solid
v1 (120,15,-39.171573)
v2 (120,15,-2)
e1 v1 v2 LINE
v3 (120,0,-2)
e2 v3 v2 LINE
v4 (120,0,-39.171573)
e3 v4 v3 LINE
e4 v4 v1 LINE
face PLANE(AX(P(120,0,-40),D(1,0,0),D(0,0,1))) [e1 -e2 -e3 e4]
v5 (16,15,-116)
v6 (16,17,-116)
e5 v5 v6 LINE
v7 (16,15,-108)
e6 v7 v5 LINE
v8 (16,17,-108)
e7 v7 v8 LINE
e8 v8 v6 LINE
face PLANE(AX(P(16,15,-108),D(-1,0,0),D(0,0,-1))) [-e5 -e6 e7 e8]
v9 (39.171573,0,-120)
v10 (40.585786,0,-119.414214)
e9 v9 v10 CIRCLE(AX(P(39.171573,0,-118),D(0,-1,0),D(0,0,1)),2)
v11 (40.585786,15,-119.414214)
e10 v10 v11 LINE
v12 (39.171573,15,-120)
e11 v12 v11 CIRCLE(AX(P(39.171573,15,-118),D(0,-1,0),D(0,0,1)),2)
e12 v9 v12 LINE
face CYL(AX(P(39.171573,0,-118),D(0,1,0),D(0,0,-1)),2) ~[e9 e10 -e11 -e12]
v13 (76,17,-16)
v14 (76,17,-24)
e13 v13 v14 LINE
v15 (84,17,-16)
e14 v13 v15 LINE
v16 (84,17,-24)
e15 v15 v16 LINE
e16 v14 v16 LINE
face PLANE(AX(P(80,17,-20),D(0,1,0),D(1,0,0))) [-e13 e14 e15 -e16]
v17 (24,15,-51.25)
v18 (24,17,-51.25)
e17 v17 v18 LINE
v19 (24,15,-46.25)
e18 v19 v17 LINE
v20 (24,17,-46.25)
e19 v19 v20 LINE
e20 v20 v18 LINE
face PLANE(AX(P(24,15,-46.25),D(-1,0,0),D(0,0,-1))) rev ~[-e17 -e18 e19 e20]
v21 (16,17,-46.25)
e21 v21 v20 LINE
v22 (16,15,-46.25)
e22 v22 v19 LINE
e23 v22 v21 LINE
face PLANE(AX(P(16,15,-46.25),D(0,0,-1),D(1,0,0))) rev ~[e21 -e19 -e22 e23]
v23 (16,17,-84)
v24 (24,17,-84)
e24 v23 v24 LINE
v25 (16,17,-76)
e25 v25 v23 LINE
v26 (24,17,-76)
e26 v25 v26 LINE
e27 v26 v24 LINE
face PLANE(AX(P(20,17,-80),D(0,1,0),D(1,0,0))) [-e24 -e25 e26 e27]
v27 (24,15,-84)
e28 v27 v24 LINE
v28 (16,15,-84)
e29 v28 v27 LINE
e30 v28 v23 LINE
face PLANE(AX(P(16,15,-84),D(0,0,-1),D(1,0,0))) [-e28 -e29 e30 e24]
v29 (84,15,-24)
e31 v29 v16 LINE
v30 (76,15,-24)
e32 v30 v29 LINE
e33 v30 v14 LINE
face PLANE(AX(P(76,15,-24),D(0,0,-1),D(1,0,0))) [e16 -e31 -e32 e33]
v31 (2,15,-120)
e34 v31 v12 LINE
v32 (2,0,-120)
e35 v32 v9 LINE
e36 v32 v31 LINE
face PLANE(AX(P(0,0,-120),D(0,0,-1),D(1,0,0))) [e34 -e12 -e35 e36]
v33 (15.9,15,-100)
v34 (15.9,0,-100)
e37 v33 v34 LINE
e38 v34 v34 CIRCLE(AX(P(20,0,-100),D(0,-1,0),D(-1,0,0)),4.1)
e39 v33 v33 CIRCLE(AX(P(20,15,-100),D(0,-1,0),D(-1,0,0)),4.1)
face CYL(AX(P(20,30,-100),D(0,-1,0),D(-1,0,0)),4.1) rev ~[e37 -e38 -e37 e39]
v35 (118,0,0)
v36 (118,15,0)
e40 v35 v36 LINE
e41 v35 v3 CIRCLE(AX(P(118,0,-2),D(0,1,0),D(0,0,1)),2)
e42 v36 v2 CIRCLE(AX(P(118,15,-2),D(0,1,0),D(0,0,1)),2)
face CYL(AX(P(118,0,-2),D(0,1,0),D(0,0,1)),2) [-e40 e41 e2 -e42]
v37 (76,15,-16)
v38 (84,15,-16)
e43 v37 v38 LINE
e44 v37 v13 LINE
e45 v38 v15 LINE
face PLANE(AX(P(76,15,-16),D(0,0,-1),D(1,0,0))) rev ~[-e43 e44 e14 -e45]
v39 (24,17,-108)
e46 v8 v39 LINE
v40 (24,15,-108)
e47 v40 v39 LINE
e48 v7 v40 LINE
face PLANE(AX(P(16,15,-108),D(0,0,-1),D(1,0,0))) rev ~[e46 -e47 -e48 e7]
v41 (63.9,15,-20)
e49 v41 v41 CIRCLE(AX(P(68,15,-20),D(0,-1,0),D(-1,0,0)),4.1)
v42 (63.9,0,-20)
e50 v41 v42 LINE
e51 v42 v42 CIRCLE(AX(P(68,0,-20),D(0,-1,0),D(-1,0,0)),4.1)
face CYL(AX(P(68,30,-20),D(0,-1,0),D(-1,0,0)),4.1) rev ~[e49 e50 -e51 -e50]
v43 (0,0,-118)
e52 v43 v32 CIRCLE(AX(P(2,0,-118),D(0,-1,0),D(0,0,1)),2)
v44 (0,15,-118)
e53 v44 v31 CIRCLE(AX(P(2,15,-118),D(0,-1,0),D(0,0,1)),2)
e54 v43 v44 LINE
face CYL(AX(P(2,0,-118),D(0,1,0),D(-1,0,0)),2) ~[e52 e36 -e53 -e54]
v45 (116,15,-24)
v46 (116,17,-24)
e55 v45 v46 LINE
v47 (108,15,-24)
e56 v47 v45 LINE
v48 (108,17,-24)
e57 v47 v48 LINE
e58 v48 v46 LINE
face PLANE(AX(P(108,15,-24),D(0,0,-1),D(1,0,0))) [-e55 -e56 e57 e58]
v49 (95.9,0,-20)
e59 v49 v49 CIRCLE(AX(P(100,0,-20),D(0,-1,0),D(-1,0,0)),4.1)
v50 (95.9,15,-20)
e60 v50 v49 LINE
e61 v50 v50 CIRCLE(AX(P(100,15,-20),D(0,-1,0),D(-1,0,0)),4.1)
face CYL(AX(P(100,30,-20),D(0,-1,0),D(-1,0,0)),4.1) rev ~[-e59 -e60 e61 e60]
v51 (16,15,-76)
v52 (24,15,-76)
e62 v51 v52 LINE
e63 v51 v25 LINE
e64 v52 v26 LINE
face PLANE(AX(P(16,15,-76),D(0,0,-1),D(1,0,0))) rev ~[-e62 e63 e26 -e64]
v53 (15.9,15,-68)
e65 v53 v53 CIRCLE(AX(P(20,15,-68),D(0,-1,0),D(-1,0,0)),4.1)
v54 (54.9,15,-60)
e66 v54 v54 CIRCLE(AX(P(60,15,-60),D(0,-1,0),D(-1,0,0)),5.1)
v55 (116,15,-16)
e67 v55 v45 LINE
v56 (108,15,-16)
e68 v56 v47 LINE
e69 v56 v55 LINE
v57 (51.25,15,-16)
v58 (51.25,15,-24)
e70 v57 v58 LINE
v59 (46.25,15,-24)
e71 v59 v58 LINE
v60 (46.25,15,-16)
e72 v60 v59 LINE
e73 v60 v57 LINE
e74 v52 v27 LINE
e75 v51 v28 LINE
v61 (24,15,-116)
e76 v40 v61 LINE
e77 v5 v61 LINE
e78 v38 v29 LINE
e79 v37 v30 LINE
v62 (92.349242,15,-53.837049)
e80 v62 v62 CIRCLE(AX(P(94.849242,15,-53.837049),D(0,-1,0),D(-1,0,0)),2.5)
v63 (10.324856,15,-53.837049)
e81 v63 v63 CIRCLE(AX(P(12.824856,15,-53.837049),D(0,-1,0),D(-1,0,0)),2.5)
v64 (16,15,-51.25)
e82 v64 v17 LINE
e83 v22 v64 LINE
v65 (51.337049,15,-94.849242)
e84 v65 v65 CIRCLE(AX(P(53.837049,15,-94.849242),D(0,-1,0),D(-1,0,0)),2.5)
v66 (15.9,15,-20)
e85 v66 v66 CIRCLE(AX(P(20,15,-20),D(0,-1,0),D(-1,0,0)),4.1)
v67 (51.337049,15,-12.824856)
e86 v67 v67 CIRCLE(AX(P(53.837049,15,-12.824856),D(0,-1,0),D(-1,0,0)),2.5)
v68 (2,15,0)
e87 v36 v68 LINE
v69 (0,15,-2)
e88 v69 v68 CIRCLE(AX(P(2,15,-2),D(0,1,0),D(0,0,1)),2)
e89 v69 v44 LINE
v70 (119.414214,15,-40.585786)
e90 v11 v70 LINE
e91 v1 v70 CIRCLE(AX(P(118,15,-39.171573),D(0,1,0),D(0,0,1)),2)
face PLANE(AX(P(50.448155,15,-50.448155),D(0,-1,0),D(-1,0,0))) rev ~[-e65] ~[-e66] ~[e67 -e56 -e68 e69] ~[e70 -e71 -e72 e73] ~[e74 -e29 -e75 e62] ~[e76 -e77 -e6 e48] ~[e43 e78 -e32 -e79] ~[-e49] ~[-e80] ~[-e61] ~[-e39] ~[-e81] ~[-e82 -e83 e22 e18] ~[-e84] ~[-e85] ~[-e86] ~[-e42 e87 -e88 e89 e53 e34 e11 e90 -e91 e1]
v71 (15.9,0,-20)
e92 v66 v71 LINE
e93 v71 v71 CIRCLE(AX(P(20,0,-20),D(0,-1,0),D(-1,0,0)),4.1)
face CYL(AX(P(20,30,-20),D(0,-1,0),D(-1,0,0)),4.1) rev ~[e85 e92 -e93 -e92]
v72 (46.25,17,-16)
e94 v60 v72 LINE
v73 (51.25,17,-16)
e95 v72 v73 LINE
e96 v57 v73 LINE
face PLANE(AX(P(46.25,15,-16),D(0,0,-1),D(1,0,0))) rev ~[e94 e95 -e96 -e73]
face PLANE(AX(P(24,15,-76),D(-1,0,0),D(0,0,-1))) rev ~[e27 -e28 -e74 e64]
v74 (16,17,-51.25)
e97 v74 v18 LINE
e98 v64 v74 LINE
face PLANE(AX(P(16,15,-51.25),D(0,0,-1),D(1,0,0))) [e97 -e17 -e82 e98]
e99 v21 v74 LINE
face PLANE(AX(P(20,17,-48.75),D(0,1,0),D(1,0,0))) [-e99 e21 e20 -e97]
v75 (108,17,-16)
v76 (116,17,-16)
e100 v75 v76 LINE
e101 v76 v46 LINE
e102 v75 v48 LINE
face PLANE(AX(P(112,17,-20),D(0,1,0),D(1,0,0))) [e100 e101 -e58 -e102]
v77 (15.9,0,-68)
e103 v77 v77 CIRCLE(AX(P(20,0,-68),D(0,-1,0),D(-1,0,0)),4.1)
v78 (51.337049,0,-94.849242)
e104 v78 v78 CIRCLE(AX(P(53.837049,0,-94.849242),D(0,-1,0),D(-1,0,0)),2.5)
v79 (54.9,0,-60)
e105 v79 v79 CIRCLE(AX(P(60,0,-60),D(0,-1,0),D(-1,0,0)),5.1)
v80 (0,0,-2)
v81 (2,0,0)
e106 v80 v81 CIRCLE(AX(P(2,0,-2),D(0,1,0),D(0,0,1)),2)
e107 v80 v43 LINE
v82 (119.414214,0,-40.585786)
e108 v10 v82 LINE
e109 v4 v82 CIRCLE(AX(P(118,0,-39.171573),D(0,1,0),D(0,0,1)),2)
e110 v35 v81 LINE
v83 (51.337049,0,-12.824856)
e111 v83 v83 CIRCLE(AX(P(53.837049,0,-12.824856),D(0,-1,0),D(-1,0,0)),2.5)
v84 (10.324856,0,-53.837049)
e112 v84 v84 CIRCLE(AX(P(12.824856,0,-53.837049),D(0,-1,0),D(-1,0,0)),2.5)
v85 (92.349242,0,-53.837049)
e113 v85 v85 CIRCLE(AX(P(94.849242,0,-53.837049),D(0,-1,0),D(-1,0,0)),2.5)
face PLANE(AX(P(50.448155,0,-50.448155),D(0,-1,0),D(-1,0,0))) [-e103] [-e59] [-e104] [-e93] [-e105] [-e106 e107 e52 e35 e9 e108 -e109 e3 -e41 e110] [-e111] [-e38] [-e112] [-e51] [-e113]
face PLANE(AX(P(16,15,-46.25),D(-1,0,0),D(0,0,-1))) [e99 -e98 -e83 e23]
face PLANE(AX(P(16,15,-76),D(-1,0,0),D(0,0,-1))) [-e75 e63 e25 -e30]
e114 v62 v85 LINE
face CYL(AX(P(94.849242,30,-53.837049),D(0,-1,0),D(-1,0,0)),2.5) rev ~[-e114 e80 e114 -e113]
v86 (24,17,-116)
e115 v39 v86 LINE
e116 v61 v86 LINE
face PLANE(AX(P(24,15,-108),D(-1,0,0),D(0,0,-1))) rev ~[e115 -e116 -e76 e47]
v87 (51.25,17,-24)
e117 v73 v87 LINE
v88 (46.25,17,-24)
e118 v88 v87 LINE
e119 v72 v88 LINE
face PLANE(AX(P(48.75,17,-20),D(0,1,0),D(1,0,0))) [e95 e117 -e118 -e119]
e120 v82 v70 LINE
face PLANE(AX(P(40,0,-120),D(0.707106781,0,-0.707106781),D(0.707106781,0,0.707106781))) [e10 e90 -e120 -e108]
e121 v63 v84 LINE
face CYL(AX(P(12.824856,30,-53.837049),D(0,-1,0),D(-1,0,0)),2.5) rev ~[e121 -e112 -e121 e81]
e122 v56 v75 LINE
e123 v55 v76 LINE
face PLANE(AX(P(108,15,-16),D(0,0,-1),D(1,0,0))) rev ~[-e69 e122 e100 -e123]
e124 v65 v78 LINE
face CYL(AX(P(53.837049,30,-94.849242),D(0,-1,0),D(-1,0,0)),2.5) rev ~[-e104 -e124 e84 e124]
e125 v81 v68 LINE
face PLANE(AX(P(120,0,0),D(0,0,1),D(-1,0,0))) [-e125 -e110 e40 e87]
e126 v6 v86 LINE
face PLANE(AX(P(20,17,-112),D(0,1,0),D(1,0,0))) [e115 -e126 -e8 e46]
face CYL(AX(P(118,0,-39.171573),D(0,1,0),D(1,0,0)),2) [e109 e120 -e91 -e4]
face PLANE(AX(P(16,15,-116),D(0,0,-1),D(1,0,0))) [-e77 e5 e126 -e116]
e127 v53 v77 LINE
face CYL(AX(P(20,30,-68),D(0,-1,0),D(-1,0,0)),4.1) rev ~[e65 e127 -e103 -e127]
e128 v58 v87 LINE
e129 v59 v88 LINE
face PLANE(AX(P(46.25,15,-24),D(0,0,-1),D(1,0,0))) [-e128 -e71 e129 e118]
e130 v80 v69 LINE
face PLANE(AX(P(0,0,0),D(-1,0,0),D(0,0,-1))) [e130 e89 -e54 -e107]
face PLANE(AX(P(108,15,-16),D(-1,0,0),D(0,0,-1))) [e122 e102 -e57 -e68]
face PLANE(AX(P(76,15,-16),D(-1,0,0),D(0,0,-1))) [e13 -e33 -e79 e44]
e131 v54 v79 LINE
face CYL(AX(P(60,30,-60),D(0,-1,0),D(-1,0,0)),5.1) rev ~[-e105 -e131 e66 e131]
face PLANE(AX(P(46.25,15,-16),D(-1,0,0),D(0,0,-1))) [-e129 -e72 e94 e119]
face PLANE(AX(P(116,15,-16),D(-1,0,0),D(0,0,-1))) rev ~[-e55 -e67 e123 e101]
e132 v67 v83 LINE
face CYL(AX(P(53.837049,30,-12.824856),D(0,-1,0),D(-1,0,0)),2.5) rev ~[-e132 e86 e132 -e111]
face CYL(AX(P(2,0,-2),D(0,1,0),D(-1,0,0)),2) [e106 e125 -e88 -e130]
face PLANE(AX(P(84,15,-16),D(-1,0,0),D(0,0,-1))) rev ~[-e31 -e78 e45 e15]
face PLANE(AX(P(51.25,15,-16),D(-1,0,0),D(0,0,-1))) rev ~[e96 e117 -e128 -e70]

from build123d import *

# Parameters (mm, degrees)
EXTRUDE_1_DEPTH             = 15
HOLE_WIZARD_M121_D          = 10.2
HOLE_WIZARD_M121_DEPTH      = 15
HOLE_WIZARD_M62_D           = 5
HOLE_WIZARD_M62_DEPTH       = 15
HOLE_WIZARD_8_2_8_2_1_D     = 8.2
HOLE_WIZARD_8_2_8_2_1_DEPTH = 15
SKETCH_9_W                  = 8
SKETCH_9_H                  = 8
SKETCH_9_H_2                = 5
SKETCH_9_W_2                = 5
EXTRUDE_2_DEPTH             = 2
FILLET_1_R                  = 2


with BuildPart() as part:
    # Эскиз1 → Бобышка-Вытянуть1 (new body)
    with BuildSketch(Plane(origin=(0, 0, 0), x_dir=(1, 0, 0), z_dir=(0, 1, 0))):
        Polygon((0, 0), (0, 120), (40, 120), (120, 40), (120, 0), align=None)
    extrude(amount=EXTRUDE_1_DEPTH)

    # Отверстие обработанное метчиком M121
    with Locations(Plane(origin=(0, 15, 0), x_dir=(1, 0, 0), z_dir=(0, 1, 0))):
        with Locations((60, 60)):
            Hole(HOLE_WIZARD_M121_D / 2, depth=HOLE_WIZARD_M121_DEPTH)

    # Отверстие обработанное метчиком M62
    with Locations(Plane(origin=(0, 15, 0), x_dir=(1, 0, 0), z_dir=(0, 1, 0))):
        with Locations((53.837049096, 94.849242405), (94.849242405, 53.837049096), (53.837049096, 12.824855787), (12.824855787, 53.837049096)):
            Hole(HOLE_WIZARD_M62_D / 2, depth=HOLE_WIZARD_M62_DEPTH)

    # Диаметр отверстия Ø8.2 (8.2)1
    with Locations(Plane(origin=(0, 15, 0), x_dir=(1, 0, 0), z_dir=(0, 1, 0))):
        with Locations((20, 100), (20, 68), (20, 20), (68, 20), (100, 20)):
            Hole(HOLE_WIZARD_8_2_8_2_1_D / 2, depth=HOLE_WIZARD_8_2_8_2_1_DEPTH)

    # Эскиз9 → Бобышка-Вытянуть2 (add)
    with BuildSketch(Plane(origin=(0, 15, 0), x_dir=(1, 0, 0), z_dir=(0, 1, 0))):
        with Locations((20, 112)):
            Rectangle(SKETCH_9_W, SKETCH_9_H)
        with Locations((20, 80)):
            Rectangle(SKETCH_9_W, SKETCH_9_H)
        with Locations((20, 48.75)):
            Rectangle(SKETCH_9_W, SKETCH_9_H_2)
        with Locations((48.75, 20)):
            Rectangle(SKETCH_9_W_2, SKETCH_9_H)
        with Locations((80, 20)):
            Rectangle(SKETCH_9_W, SKETCH_9_H)
        with Locations((112, 20)):
            Rectangle(SKETCH_9_W, SKETCH_9_H)
    extrude(amount=EXTRUDE_2_DEPTH)

    # Скругление1
    fillet_1_edges = [part.edges().sort_by_distance(p)[0] for p in [
        (0, 7.5, 0),
        (0, 7.5, -120),
        (40, 7.5, -120),
        (120, 7.5, -40),
        (120, 7.5, 0),
    ]]
    fillet(fillet_1_edges, radius=FILLET_1_R)


solid = part.part
